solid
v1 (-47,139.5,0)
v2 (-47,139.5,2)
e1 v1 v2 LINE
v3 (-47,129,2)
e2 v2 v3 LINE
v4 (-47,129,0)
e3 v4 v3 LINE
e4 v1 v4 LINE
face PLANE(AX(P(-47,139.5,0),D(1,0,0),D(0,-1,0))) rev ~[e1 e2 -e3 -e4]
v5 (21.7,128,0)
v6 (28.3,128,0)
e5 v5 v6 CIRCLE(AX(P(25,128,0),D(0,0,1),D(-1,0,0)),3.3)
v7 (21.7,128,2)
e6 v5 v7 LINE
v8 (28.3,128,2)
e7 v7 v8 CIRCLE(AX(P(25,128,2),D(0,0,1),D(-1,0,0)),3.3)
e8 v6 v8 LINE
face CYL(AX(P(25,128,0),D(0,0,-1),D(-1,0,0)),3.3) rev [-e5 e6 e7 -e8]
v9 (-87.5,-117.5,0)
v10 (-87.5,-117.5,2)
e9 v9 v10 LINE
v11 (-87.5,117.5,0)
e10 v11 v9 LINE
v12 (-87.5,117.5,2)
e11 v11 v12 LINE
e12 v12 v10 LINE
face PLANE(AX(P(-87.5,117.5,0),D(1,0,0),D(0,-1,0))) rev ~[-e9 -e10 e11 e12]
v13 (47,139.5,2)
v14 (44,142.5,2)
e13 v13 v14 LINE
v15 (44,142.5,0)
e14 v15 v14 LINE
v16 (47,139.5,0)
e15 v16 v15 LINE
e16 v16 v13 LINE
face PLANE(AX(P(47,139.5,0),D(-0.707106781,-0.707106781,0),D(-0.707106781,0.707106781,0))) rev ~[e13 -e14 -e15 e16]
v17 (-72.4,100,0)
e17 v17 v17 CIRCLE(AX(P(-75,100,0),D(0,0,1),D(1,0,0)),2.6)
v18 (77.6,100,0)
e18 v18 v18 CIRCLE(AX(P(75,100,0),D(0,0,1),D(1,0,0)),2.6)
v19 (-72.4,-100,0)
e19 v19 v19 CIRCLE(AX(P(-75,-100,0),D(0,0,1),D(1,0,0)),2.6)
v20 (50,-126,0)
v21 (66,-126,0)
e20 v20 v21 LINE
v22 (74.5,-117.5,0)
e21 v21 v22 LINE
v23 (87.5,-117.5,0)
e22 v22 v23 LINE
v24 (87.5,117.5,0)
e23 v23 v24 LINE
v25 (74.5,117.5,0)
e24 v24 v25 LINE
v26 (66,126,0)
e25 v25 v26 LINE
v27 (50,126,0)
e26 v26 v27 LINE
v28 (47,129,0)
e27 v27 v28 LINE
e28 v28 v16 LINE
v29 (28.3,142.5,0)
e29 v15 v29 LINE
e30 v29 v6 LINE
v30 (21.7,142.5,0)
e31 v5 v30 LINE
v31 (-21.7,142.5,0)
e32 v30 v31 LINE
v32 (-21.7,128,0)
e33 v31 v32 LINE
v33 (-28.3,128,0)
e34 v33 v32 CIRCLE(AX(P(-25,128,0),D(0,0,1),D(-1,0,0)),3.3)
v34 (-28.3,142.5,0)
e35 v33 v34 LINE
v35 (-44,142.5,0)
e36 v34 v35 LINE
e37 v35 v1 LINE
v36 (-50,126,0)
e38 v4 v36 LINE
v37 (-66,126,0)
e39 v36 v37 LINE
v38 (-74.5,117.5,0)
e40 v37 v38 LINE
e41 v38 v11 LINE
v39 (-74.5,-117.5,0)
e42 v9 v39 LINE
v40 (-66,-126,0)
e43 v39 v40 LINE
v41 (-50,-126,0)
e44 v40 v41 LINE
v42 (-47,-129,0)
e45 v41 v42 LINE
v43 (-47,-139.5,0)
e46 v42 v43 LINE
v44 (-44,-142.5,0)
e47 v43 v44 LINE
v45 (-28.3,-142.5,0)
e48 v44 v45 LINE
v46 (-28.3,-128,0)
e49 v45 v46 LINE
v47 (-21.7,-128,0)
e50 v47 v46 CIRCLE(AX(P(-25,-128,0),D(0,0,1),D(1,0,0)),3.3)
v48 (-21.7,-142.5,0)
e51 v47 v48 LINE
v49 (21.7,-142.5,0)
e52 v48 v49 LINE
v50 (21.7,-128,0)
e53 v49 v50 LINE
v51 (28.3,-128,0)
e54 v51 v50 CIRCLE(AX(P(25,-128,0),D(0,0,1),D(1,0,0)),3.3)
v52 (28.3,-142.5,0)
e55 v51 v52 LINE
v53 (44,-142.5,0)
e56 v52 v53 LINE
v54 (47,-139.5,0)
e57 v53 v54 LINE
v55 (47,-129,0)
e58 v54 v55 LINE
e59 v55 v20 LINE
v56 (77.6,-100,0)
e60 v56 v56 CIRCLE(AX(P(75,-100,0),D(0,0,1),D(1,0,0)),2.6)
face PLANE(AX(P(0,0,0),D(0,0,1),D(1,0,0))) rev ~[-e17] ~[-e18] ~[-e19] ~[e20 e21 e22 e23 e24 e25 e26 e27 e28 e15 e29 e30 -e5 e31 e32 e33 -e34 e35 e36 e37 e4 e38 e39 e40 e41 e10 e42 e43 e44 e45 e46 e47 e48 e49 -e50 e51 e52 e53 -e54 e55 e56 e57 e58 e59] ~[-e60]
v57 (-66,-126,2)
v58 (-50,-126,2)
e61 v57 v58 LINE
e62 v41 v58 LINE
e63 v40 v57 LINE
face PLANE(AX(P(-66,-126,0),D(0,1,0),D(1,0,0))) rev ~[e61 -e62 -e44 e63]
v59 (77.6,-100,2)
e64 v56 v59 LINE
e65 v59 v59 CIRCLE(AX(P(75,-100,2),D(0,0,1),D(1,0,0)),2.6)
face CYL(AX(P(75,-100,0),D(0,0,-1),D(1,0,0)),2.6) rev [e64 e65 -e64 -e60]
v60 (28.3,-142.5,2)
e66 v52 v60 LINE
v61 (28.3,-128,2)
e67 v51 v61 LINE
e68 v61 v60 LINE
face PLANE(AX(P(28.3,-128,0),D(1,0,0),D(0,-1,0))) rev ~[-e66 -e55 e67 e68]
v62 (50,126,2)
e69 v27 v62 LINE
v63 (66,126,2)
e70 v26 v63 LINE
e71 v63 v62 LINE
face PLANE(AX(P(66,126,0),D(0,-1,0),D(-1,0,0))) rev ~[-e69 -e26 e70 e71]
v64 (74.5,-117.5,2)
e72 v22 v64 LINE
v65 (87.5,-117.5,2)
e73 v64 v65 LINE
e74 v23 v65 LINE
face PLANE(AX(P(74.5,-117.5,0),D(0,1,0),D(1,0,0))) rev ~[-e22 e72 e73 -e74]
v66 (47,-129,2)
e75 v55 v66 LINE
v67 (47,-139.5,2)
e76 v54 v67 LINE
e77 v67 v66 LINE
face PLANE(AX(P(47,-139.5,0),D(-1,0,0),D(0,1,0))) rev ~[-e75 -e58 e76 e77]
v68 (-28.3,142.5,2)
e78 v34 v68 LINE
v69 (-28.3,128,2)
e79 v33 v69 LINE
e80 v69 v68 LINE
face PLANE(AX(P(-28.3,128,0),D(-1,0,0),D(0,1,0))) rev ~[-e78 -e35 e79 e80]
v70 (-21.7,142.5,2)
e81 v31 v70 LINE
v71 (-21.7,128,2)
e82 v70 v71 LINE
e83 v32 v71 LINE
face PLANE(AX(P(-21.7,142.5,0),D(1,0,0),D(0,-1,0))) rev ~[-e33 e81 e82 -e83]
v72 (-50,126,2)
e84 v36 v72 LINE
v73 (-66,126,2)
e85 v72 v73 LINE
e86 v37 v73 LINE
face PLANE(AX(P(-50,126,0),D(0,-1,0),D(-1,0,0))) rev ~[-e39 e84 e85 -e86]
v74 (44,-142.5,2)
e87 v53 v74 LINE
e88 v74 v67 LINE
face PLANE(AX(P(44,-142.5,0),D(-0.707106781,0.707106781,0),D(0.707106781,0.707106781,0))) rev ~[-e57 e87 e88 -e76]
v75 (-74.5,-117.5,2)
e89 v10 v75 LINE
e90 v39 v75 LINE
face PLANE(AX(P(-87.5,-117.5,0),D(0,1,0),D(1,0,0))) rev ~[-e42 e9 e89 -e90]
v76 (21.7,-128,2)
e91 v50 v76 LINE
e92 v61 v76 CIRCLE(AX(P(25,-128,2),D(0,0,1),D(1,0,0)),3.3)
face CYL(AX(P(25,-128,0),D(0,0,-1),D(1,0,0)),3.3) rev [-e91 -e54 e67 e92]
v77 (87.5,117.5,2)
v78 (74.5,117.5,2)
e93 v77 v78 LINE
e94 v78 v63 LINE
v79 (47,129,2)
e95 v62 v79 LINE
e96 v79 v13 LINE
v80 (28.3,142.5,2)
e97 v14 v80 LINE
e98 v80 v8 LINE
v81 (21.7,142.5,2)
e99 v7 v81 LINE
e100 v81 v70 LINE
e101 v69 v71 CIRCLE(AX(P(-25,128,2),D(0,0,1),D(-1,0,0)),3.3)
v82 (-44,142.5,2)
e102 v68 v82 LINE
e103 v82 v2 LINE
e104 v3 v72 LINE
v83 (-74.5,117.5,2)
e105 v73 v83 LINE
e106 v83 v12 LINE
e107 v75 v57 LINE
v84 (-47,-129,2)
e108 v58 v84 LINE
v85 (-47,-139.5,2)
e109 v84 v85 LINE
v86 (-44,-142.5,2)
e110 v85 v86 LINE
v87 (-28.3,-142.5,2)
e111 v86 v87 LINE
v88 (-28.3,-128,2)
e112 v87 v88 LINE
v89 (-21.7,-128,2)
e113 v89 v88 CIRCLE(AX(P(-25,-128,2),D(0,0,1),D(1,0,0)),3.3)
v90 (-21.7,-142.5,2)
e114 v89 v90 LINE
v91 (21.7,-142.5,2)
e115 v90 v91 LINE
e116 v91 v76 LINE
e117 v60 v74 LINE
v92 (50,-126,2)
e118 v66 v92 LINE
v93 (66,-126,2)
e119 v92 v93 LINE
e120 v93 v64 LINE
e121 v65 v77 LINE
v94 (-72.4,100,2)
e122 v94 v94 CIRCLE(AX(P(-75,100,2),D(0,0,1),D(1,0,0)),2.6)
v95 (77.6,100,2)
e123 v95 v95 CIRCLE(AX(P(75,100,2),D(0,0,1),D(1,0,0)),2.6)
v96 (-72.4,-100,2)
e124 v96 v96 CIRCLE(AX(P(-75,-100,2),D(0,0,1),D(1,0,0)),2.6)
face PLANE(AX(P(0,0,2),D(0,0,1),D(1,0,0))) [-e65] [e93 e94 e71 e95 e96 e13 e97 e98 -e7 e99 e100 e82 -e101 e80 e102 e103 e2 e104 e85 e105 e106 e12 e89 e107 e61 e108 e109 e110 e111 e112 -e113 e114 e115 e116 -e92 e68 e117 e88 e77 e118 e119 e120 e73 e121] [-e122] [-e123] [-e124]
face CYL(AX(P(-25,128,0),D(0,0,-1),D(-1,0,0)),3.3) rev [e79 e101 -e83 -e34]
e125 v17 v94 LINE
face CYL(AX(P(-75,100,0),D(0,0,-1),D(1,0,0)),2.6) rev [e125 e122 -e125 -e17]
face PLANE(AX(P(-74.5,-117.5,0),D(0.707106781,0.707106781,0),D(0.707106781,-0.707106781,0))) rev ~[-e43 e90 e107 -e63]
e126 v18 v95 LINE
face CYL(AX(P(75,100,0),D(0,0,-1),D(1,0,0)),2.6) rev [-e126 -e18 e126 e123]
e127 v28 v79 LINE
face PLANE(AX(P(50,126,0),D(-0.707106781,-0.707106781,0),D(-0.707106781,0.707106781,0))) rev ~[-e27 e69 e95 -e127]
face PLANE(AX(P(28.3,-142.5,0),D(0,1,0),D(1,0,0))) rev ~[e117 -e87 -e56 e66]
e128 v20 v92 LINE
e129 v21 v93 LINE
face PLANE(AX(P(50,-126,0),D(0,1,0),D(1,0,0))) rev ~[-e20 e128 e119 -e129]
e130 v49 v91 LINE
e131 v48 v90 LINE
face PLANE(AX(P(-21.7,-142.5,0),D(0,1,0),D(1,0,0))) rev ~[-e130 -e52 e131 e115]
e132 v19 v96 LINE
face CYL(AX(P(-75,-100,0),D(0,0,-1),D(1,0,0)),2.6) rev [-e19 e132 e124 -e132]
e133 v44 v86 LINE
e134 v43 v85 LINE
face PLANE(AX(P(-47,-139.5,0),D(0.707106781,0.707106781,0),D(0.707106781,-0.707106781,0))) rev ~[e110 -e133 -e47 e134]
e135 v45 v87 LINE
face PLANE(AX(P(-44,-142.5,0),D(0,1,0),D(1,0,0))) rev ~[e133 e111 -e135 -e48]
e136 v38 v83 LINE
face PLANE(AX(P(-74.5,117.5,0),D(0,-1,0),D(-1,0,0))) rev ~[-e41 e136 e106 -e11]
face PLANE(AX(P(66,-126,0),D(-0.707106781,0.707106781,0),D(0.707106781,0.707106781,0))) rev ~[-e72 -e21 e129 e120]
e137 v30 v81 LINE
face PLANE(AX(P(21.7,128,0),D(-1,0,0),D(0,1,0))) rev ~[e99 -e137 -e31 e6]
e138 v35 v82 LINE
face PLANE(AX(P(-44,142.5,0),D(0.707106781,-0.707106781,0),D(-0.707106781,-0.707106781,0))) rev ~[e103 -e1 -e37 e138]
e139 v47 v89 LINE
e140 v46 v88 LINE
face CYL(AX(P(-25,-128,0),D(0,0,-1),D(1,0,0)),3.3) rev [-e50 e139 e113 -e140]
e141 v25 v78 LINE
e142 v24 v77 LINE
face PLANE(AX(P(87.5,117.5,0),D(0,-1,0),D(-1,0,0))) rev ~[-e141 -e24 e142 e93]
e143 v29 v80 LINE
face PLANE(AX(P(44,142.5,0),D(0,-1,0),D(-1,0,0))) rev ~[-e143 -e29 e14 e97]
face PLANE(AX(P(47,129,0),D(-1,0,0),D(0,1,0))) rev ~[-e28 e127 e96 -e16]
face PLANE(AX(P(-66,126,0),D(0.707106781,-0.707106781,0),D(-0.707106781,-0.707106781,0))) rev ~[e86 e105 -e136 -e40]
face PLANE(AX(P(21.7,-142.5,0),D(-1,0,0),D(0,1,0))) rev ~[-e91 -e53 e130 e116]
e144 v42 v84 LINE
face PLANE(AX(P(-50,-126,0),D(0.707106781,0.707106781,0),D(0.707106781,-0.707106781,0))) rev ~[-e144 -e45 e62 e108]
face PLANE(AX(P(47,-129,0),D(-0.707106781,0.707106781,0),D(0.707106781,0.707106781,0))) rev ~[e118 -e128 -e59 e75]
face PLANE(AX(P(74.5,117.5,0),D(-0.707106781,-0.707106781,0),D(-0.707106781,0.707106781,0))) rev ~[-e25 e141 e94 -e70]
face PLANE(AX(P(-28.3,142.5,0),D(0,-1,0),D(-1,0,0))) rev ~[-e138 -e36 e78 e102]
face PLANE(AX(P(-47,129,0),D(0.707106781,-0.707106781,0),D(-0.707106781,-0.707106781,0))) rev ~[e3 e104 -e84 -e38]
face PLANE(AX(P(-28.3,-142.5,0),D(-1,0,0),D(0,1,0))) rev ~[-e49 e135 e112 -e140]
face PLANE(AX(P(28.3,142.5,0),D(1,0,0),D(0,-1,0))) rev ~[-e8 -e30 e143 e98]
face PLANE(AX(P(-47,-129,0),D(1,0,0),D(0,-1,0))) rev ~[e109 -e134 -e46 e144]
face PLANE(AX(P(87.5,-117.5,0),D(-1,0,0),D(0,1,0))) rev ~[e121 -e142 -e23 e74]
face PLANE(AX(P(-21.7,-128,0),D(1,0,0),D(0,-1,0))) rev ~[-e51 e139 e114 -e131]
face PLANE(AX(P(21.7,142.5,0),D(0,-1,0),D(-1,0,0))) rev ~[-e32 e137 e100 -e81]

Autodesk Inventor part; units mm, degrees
sketch "Sketch_7" plane through (0, 0, 0) normal (0, 0, 1) x (1, 0, 0)
  line L0 (-87.5, 117.5) -> (-87.5, -117.5)
  line L1 (-87.5, -117.5) -> (-74.5, -117.5)
  line L2 (-74.5, -117.5) -> (-66, -126)
  line L3 (-66, -126) -> (-50, -126)
  line L4 (-50, -126) -> (-47, -129)
  line L5 (-47, -129) -> (-47, -139.5)
  line L6 (-47, -139.5) -> (-44, -142.5)
  line L7 (-44, -142.5) -> (-28.3, -142.5)
  line L8 (-28.3, -142.5) -> (-28.3, -128)
  arc A0 (-21.7, -128) -> (-28.3, -128) centre (-25, -128) ccw
  line L9 (-21.7, -128) -> (-21.7, -142.5)
  line L10 (-21.7, -142.5) -> (21.7, -142.5)
  line L11 (21.7, -142.5) -> (21.7, -128)
  arc A1 (28.3, -128) -> (21.7, -128) centre (25, -128) ccw
  line L12 (28.3, -128) -> (28.3, -142.5)
  line L13 (28.3, -142.5) -> (44, -142.5)
  line L14 (44, -142.5) -> (47, -139.5)
  line L15 (47, -139.5) -> (47, -129)
  line L16 (47, -129) -> (50, -126)
  line L17 (50, -126) -> (66, -126)
  line L18 (66, -126) -> (74.5, -117.5)
  line L19 (74.5, -117.5) -> (87.5, -117.5)
  line L20 (87.5, -117.5) -> (87.5, 117.5)
  line L21 (87.5, 117.5) -> (74.5, 117.5)
  line L22 (74.5, 117.5) -> (66, 126)
  line L23 (66, 126) -> (50, 126)
  line L24 (50, 126) -> (47, 129)
  line L25 (47, 129) -> (47, 139.5)
  line L26 (47, 139.5) -> (44, 142.5)
  line L27 (44, 142.5) -> (28.3, 142.5)
  line L28 (28.3, 142.5) -> (28.3, 128)
  arc A2 (21.7, 128) -> (28.3, 128) centre (25, 128) ccw
  line L29 (21.7, 128) -> (21.7, 142.5)
  line L30 (21.7, 142.5) -> (-21.7, 142.5)
  line L31 (-21.7, 142.5) -> (-21.7, 128)
  arc A3 (-28.3, 128) -> (-21.7, 128) centre (-25, 128) ccw
  line L32 (-28.3, 128) -> (-28.3, 142.5)
  line L33 (-28.3, 142.5) -> (-44, 142.5)
  line L34 (-44, 142.5) -> (-47, 139.5)
  line L35 (-47, 139.5) -> (-47, 129)
  line L36 (-47, 129) -> (-50, 126)
  line L37 (-50, 126) -> (-66, 126)
  line L38 (-66, 126) -> (-74.5, 117.5)
  line L39 (-74.5, 117.5) -> (-87.5, 117.5)
  circle A4 centre (75, 100) radius 2.6
  circle A5 centre (75, -100) radius 2.6
  circle A6 centre (-75, 100) radius 2.6
  circle A7 centre (-75, -100) radius 2.6
extrude "Extrusion1" add sketch "Sketch_7" along normal blind 2
ref_plane "MONTAGEPLATTE_XY" through (0, 0, 0) normal (0, 0, 1) x (1, 0, 0)
ref_plane "MONTAGEPLATTE_YZ" through (0, 0, 0) normal (1, 0, 0) x (0, 1, 0)
ref_plane "MONTAGEPLATTE_ZX" through (0, 0, 0) normal (0, 1, 0) x (0, 0, 1)
properties part number "CAD_MPL_1301.000"
